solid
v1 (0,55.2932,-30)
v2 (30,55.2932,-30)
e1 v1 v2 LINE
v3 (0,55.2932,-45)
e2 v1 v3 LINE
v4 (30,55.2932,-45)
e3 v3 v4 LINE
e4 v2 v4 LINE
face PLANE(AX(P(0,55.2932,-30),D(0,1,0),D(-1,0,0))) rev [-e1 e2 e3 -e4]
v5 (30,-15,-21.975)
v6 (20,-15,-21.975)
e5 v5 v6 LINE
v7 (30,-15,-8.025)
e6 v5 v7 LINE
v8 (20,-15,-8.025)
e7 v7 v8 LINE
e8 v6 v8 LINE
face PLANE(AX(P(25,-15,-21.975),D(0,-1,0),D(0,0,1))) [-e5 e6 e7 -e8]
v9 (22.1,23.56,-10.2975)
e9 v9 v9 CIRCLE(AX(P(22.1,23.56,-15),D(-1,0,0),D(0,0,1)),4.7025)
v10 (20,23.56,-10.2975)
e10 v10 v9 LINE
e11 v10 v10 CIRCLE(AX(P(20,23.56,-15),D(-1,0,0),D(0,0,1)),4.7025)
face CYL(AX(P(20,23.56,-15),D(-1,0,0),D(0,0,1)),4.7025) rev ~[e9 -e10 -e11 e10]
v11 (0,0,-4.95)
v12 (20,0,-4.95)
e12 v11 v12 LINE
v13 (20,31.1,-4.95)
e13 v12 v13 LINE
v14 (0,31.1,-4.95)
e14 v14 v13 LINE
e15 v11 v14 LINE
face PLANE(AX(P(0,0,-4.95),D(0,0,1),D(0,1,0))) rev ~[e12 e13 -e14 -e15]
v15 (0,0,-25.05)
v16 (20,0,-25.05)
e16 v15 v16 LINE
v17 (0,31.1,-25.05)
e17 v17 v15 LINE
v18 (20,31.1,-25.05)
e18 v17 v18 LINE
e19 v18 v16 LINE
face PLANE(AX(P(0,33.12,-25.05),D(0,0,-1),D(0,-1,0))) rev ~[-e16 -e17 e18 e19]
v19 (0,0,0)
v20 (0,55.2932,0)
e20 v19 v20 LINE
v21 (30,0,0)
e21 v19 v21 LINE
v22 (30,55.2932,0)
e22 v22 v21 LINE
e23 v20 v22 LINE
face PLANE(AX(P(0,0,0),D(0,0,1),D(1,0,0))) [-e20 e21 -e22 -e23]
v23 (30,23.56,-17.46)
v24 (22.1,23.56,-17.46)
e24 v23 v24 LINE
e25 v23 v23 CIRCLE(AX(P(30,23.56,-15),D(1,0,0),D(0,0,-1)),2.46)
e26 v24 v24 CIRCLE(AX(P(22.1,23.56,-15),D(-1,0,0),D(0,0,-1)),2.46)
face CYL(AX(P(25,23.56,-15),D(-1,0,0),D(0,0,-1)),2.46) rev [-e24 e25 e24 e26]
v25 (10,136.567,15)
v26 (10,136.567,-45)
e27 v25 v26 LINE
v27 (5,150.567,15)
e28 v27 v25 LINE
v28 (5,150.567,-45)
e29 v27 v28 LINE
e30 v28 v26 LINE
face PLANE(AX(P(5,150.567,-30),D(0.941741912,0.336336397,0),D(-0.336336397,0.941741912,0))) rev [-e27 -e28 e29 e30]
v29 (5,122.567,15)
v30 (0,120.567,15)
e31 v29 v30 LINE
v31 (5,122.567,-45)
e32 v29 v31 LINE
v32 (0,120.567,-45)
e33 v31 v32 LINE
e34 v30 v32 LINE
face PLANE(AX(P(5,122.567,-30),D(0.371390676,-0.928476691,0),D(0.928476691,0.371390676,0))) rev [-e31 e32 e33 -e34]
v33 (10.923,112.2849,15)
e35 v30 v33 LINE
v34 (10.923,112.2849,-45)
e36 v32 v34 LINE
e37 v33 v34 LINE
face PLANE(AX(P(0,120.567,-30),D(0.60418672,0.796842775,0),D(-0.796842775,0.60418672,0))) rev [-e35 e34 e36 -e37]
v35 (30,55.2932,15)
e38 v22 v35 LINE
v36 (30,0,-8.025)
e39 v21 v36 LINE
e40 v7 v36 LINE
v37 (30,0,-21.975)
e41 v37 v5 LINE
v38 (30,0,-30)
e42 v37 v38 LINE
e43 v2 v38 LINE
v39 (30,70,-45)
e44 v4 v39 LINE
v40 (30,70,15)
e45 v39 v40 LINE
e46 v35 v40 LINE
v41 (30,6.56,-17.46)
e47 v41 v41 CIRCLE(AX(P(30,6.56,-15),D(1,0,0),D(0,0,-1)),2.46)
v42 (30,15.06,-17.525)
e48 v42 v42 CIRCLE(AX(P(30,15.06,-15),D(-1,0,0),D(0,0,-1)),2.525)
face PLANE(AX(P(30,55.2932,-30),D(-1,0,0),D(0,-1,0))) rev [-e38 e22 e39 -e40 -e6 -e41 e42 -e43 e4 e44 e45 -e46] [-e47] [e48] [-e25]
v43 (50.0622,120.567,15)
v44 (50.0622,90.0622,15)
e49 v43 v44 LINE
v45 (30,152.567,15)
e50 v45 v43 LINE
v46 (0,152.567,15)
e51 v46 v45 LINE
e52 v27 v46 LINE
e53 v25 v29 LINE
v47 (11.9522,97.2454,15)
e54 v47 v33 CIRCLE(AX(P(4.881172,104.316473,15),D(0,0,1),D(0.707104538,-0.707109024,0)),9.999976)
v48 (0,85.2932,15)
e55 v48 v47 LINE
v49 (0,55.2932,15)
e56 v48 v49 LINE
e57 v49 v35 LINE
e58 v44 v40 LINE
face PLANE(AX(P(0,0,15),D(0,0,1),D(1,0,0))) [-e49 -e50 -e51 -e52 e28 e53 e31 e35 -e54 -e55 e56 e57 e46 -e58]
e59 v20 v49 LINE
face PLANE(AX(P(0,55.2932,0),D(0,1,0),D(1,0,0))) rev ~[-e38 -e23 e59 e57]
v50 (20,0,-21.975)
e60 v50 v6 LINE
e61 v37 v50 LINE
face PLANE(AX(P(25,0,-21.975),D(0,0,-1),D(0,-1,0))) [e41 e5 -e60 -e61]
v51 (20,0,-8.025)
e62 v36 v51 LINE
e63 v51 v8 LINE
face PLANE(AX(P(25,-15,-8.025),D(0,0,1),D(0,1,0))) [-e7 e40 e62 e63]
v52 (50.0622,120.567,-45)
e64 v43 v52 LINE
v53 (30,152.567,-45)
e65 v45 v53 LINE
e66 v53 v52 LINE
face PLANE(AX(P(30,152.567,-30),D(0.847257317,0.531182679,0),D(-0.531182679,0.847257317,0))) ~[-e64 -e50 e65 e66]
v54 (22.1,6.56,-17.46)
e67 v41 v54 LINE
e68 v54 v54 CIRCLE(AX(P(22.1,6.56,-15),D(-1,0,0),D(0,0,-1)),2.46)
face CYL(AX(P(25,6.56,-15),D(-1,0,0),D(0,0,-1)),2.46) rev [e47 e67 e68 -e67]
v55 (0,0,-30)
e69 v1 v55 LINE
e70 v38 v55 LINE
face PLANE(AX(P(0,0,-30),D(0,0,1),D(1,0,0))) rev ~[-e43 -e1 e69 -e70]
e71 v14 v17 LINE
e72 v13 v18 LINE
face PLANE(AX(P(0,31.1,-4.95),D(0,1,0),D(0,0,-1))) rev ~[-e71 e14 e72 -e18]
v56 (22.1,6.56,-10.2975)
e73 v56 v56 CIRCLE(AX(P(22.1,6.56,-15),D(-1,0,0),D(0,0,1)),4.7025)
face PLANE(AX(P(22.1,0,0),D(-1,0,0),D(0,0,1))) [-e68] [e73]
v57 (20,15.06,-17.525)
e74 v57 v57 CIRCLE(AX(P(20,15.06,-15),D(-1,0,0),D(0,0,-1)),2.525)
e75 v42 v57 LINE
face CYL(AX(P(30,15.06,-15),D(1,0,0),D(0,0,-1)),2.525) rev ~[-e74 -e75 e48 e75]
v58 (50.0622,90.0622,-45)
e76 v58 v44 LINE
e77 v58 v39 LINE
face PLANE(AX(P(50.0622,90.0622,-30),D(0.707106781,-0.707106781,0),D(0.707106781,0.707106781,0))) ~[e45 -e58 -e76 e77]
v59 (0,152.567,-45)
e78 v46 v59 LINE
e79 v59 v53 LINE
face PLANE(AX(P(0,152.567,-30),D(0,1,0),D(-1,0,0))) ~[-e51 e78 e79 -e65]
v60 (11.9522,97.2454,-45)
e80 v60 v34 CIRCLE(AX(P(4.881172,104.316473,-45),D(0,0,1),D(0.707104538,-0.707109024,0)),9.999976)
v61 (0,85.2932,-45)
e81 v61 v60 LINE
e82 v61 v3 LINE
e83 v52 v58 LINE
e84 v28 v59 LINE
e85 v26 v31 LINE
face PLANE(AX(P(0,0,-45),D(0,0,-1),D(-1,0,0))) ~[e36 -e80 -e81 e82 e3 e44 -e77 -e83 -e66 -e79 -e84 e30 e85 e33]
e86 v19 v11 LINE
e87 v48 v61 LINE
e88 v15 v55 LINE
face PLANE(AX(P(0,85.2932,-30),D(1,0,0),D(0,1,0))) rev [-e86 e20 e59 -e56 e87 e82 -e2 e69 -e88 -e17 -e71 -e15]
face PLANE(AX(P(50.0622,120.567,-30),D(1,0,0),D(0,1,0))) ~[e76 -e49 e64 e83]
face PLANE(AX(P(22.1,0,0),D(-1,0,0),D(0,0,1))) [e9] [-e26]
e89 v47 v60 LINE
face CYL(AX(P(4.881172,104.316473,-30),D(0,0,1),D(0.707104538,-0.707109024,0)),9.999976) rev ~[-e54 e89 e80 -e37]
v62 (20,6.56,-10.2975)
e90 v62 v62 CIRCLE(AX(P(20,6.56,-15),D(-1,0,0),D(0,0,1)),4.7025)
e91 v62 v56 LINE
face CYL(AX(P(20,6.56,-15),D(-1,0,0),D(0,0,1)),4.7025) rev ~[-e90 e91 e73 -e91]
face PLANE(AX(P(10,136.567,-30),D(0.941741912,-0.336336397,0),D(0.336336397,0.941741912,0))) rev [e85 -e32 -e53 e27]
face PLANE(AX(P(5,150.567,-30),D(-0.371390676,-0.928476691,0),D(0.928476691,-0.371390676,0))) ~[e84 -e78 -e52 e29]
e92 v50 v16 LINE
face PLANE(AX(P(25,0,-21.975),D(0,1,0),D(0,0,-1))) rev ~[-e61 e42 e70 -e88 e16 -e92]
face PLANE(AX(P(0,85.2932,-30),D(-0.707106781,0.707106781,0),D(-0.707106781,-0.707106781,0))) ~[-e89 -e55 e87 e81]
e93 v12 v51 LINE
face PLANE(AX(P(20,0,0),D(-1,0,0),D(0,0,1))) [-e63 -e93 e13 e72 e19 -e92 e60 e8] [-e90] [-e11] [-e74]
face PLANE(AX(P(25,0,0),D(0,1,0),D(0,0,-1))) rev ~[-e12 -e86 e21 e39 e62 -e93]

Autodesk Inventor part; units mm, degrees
ref_plane "YZ Plane" through (0, 0, 0) normal (1, 0, 0) x (0, 1, 0)
ref_plane "XZ Plane" through (0, 0, 0) normal (0, 1, 0) x (-1, 0, 0)
sketch "Sketch1" plane through (0, 0, 0) normal (0, 0, 1) x (1, 0, 0)
  line L0 (0, 0) -> (25, 0)
  line L1 (25, 0) -> (25, 40)
  line L2 (25, 40) -> (0, 40)
  line L3 (0, 40) -> (0, 0)
  dimension "d1" = 25
  dimension "d2" = 40
  dimension "d3" = 25
extrude "Extrusion1" add sketch "Sketch1" against normal blind 30
sketch "Sketch2" plane through (25, 0, 0) normal (1, 0, 0) x (0, 0, -1)
  line L0 (0, 0) -> (30, 0) projected
  circle A0 centre (15, 6.56) radius 2.46
extrude "Extrusion2" cut sketch "Sketch2" against normal blind 30
sketch "Sketch3" plane through (0, 0, 0) normal (-1, 0, 0) x (0, 0, 1)
  line L0 (0, 0) -> (-30, 0) projected
  line L1 (-25.05, 0) -> (-4.95, 0)
  line L2 (-4.95, 0) -> (-4.95, 33.12)
  line L3 (-4.95, 33.12) -> (-25.05, 33.12)
  line L4 (-25.05, 33.12) -> (-25.05, 0)
  dimension "d11" = 20.1
extrude "Extrusion3" cut sketch "Sketch3" against normal blind 20
sketch "Sketch4" plane through (0, 0, 0) normal (0, -1, 0) x (1, 0, 0)
  line L0 (20, -4.95) -> (20, -25.05) projected
  line L1 (20, -15) -> (25, -15)
  line L2 (25, 0) -> (25, -30) projected
  line L3 (20, -8.025) -> (25, -8.025)
  line L4 (25, -8.025) -> (25, -21.975)
  line L5 (25, -21.975) -> (20, -21.975)
  line L6 (20, -21.975) -> (20, -8.025)
  line L7 (20, -8.025) -> (25, -21.975) construction
  line L8 (25, -8.025) -> (20, -21.975) construction
  line L9 (25, -12.54) -> (25, -17.46) projected
  point P0 (0, 0)
  point P1 (22.5, -15)
  dimension "d14" = 13.95
extrude "Extrusion4" add sketch "Sketch4" along normal blind 15
sketch "Sketch5" plane through (20, 0, 0) normal (-1, 0, 0) x (0, 0, 1)
  circle A0 centre (-15, 6.56) radius 2.46 projected
  circle A1 centre (-15, 6.56) radius 4.7025
  circle A2 centre (-15, 6.56) radius 2.46 projected
  circle A3 centre (-15, 6.56) radius 2.46
  point P0 (0, 0)
  dimension "d17" = 9.405
extrude "Extrusion5" cut sketch "Sketch5" against normal blind 2.1
sketch "Sketch6" plane through (25, 0, 0) normal (1, 0, 0) x (0, 0, -1)
  circle A0 centre (15, 6.56) radius 4.7025 projected
  line L0 (15, 6.56) -> (15, 23.56)
  circle A1 centre (15, 23.56) radius 2.46
  point P0 (0, 0)
  dimension "d20" = 17
  dimension "d21" = 4.92
extrude "Extrusion6" cut sketch "Sketch6" against normal blind 10 contours A1
sketch "Sketch7" plane through (20, 0, 0) normal (-1, 0, 0) x (0, 0, 1)
  circle A0 centre (-15, 23.56) radius 2.46 projected
  circle A1 centre (-15, 23.56) radius 4.7025
  point P0 (0, 0)
  dimension "d24" = 9.405
extrude "Extrusion7" cut sketch "Sketch7" against normal blind 2.1
sketch "Sketch9" plane through (25, 0, 0) normal (1, 0, 0) x (0, 0, -1)
  circle A0 centre (15, 6.56) radius 2.46 projected
  circle A1 centre (15, 6.56) radius 2.46
  circle A2 centre (15, 23.56) radius 2.46 projected
  circle A3 centre (15, 23.56) radius 2.46
  line L0 (30, 40) -> (30, 0) projected
  line L1 (30, 0) -> (30, 40)
  line L2 (30, 40) -> (0, 40)
  line L3 (0, 40) -> (0, 0)
  line L4 (0, 0) -> (8.025, 0) projected
  line L5 (21.975, 0) -> (21.975, -15)
  line L6 (21.975, -15) -> (8.025, -15)
  line L7 (8.025, -15) -> (8.025, 0)
  line L8 (0, 0) -> (8.025, 0)
  line L9 (21.975, 0) -> (30, 0)
extrude "Extrusion8" add sketch "Sketch9" along normal blind 5
sketch "Sketch10" plane through (0, 40, 0) normal (0, 1, 0) x (1, 0, 0)
  line L0 (0, 30) -> (30, 30) projected
  line L1 (30, 0) -> (0, 0) projected
  line L2 (0, 30) -> (30, 30)
  line L3 (30, 30) -> (30, 0)
  line L4 (30, 0) -> (0, 0)
  line L5 (0, 0) -> (0, 30)
extrude "Extrusion9" add sketch "Sketch10" along normal blind 30
sketch "Sketch12" plane through (30, 0, 0) normal (1, 0, 0) x (0, 0, -1)
  circle A0 centre (15, 6.56) radius 2.46 projected
  line L0 (15, 6.56) -> (15, 15.06)
  circle A1 centre (15, 15.06) radius 2.525
  point P0 (0, 0)
  dimension "d31" = 8.5
  dimension "d33" = 5.05
extrude "Extrusion10" cut sketch "Sketch12" against normal blind 30 contours A1
sketch "Sketch15" plane through (0, 0, -25.05) normal (-1, 0, 0) x (0, 0, 1)
  line L0 (0, 33.12) -> (20.1, 33.12) projected
  line L1 (20.1, 33.12) -> (20.1, 0) projected
  line L2 (0, 33.12) -> (20.1, 33.12)
  line L3 (20.1, 33.12) -> (20.1, 31.1)
  line L4 (20.1, 31.1) -> (0, 31.1)
  line L5 (0, 31.1) -> (0, 33.12)
  point P0 (25.05, 0)
  dimension "d57" = 2.02
extrude "Extrusion13" add sketch "Sketch15" against normal blind 20
sketch "Sketch17" plane through (0, 0, 0) normal (0, 0, 1) x (1, 0, 0)
  line L0 (0, 70) -> (30, 70) projected
  line L1 (30, 70) -> (50.0622, 90.0622)
  line L2 (30, 70) -> (80, 70) construction
  line L3 (11.9522, 97.2454) -> (0, 85.2932)
  line L4 (0, 70) -> (0, 85.2932)
  line L5 (0, 70) -> (0, 0) projected
  line L6 (0, 70) -> (30, 70)
  line L7 (10.923, 112.2849) -> (0, 120.567)
  line L8 (50.0622, 105.3553) -> (50.0622, 120.567)
  line L9 (50.0622, 105.3553) -> (50.0622, 90.0622)
  arc A0 (11.9522, 97.2454) -> (10.923, 112.2849) centre (4.8811, 104.3165) ccw
  line L10 (0, 152.567) -> (30, 152.567)
  line L11 (30, 152.567) -> (50.0622, 120.567)
  line L12 (5, 150.567) -> (0, 152.567)
  line L13 (5, 122.567) -> (0, 120.567)
  line L14 (5, 122.567) -> (10, 136.567)
  line L15 (10, 136.567) -> (5, 150.567)
  dimension "d61" = 45
  dimension "d62" = 32.0271
  dimension "d72" = 10
extrude "Extrusion14" add sketch "Sketch17" against normal blind 30
sketch "Sketch22" plane through (0, 0, 0) normal (0, 0, 1) x (1, 0, 0)
  line L0 (30, 0) -> (30, 70) projected
  line L1 (50.0622, 90.0622) -> (30, 70) projected
  line L2 (30, 70) -> (50.0622, 90.0622)
  line L3 (50.0622, 120.567) -> (50.0622, 90.0622) projected
  line L4 (50.0622, 90.0622) -> (50.0622, 120.567)
  line L5 (30, 152.567) -> (50.0622, 120.567) projected
  line L6 (50.0622, 120.567) -> (30, 152.567)
  line L7 (0, 152.567) -> (30, 152.567) projected
  line L8 (30, 152.567) -> (0, 152.567)
  line L9 (5, 150.567) -> (0, 152.567) projected
  line L10 (0, 152.567) -> (5, 150.567)
  line L11 (5, 150.567) -> (10, 136.567) projected
  line L12 (5, 150.567) -> (10, 136.567)
  line L13 (10, 136.567) -> (5, 122.567) projected
  line L14 (10, 136.567) -> (5, 122.567)
  line L15 (5, 122.567) -> (0, 120.567) projected
  line L16 (5, 122.567) -> (0, 120.567)
  line L17 (0, 120.567) -> (10.923, 112.2849) projected
  line L18 (0, 120.567) -> (10.923, 112.2849)
  line L19 (0, 85.2932) -> (11.9522, 97.2454) projected
  line L20 (11.9522, 97.2454) -> (0, 85.2932)
  line L21 (0, 85.2932) -> (0, 55.2932)
  line L22 (0, 0) -> (0, 85.2932) projected
  line L23 (0, 55.2932) -> (30, 55.2932)
  line L24 (30, 55.2932) -> (30, 70)
  arc A0 (11.9522, 97.2454) -> (10.923, 112.2849) centre (4.8811, 104.3165) ccw
  dimension "d92" = 30
extrude "Extrusion15" add sketch "Sketch22" along normal blind 15
ref_plane "Work Plane1" through (0, 0, -15) normal (0, 0, 1) x (1, 0, 0)
mirror "Mirror1" about plane through (0, 0, -15) normal (0, 0, 1) of "Extrusion15"
properties part number "rec_c_28mm_x_60mm"
